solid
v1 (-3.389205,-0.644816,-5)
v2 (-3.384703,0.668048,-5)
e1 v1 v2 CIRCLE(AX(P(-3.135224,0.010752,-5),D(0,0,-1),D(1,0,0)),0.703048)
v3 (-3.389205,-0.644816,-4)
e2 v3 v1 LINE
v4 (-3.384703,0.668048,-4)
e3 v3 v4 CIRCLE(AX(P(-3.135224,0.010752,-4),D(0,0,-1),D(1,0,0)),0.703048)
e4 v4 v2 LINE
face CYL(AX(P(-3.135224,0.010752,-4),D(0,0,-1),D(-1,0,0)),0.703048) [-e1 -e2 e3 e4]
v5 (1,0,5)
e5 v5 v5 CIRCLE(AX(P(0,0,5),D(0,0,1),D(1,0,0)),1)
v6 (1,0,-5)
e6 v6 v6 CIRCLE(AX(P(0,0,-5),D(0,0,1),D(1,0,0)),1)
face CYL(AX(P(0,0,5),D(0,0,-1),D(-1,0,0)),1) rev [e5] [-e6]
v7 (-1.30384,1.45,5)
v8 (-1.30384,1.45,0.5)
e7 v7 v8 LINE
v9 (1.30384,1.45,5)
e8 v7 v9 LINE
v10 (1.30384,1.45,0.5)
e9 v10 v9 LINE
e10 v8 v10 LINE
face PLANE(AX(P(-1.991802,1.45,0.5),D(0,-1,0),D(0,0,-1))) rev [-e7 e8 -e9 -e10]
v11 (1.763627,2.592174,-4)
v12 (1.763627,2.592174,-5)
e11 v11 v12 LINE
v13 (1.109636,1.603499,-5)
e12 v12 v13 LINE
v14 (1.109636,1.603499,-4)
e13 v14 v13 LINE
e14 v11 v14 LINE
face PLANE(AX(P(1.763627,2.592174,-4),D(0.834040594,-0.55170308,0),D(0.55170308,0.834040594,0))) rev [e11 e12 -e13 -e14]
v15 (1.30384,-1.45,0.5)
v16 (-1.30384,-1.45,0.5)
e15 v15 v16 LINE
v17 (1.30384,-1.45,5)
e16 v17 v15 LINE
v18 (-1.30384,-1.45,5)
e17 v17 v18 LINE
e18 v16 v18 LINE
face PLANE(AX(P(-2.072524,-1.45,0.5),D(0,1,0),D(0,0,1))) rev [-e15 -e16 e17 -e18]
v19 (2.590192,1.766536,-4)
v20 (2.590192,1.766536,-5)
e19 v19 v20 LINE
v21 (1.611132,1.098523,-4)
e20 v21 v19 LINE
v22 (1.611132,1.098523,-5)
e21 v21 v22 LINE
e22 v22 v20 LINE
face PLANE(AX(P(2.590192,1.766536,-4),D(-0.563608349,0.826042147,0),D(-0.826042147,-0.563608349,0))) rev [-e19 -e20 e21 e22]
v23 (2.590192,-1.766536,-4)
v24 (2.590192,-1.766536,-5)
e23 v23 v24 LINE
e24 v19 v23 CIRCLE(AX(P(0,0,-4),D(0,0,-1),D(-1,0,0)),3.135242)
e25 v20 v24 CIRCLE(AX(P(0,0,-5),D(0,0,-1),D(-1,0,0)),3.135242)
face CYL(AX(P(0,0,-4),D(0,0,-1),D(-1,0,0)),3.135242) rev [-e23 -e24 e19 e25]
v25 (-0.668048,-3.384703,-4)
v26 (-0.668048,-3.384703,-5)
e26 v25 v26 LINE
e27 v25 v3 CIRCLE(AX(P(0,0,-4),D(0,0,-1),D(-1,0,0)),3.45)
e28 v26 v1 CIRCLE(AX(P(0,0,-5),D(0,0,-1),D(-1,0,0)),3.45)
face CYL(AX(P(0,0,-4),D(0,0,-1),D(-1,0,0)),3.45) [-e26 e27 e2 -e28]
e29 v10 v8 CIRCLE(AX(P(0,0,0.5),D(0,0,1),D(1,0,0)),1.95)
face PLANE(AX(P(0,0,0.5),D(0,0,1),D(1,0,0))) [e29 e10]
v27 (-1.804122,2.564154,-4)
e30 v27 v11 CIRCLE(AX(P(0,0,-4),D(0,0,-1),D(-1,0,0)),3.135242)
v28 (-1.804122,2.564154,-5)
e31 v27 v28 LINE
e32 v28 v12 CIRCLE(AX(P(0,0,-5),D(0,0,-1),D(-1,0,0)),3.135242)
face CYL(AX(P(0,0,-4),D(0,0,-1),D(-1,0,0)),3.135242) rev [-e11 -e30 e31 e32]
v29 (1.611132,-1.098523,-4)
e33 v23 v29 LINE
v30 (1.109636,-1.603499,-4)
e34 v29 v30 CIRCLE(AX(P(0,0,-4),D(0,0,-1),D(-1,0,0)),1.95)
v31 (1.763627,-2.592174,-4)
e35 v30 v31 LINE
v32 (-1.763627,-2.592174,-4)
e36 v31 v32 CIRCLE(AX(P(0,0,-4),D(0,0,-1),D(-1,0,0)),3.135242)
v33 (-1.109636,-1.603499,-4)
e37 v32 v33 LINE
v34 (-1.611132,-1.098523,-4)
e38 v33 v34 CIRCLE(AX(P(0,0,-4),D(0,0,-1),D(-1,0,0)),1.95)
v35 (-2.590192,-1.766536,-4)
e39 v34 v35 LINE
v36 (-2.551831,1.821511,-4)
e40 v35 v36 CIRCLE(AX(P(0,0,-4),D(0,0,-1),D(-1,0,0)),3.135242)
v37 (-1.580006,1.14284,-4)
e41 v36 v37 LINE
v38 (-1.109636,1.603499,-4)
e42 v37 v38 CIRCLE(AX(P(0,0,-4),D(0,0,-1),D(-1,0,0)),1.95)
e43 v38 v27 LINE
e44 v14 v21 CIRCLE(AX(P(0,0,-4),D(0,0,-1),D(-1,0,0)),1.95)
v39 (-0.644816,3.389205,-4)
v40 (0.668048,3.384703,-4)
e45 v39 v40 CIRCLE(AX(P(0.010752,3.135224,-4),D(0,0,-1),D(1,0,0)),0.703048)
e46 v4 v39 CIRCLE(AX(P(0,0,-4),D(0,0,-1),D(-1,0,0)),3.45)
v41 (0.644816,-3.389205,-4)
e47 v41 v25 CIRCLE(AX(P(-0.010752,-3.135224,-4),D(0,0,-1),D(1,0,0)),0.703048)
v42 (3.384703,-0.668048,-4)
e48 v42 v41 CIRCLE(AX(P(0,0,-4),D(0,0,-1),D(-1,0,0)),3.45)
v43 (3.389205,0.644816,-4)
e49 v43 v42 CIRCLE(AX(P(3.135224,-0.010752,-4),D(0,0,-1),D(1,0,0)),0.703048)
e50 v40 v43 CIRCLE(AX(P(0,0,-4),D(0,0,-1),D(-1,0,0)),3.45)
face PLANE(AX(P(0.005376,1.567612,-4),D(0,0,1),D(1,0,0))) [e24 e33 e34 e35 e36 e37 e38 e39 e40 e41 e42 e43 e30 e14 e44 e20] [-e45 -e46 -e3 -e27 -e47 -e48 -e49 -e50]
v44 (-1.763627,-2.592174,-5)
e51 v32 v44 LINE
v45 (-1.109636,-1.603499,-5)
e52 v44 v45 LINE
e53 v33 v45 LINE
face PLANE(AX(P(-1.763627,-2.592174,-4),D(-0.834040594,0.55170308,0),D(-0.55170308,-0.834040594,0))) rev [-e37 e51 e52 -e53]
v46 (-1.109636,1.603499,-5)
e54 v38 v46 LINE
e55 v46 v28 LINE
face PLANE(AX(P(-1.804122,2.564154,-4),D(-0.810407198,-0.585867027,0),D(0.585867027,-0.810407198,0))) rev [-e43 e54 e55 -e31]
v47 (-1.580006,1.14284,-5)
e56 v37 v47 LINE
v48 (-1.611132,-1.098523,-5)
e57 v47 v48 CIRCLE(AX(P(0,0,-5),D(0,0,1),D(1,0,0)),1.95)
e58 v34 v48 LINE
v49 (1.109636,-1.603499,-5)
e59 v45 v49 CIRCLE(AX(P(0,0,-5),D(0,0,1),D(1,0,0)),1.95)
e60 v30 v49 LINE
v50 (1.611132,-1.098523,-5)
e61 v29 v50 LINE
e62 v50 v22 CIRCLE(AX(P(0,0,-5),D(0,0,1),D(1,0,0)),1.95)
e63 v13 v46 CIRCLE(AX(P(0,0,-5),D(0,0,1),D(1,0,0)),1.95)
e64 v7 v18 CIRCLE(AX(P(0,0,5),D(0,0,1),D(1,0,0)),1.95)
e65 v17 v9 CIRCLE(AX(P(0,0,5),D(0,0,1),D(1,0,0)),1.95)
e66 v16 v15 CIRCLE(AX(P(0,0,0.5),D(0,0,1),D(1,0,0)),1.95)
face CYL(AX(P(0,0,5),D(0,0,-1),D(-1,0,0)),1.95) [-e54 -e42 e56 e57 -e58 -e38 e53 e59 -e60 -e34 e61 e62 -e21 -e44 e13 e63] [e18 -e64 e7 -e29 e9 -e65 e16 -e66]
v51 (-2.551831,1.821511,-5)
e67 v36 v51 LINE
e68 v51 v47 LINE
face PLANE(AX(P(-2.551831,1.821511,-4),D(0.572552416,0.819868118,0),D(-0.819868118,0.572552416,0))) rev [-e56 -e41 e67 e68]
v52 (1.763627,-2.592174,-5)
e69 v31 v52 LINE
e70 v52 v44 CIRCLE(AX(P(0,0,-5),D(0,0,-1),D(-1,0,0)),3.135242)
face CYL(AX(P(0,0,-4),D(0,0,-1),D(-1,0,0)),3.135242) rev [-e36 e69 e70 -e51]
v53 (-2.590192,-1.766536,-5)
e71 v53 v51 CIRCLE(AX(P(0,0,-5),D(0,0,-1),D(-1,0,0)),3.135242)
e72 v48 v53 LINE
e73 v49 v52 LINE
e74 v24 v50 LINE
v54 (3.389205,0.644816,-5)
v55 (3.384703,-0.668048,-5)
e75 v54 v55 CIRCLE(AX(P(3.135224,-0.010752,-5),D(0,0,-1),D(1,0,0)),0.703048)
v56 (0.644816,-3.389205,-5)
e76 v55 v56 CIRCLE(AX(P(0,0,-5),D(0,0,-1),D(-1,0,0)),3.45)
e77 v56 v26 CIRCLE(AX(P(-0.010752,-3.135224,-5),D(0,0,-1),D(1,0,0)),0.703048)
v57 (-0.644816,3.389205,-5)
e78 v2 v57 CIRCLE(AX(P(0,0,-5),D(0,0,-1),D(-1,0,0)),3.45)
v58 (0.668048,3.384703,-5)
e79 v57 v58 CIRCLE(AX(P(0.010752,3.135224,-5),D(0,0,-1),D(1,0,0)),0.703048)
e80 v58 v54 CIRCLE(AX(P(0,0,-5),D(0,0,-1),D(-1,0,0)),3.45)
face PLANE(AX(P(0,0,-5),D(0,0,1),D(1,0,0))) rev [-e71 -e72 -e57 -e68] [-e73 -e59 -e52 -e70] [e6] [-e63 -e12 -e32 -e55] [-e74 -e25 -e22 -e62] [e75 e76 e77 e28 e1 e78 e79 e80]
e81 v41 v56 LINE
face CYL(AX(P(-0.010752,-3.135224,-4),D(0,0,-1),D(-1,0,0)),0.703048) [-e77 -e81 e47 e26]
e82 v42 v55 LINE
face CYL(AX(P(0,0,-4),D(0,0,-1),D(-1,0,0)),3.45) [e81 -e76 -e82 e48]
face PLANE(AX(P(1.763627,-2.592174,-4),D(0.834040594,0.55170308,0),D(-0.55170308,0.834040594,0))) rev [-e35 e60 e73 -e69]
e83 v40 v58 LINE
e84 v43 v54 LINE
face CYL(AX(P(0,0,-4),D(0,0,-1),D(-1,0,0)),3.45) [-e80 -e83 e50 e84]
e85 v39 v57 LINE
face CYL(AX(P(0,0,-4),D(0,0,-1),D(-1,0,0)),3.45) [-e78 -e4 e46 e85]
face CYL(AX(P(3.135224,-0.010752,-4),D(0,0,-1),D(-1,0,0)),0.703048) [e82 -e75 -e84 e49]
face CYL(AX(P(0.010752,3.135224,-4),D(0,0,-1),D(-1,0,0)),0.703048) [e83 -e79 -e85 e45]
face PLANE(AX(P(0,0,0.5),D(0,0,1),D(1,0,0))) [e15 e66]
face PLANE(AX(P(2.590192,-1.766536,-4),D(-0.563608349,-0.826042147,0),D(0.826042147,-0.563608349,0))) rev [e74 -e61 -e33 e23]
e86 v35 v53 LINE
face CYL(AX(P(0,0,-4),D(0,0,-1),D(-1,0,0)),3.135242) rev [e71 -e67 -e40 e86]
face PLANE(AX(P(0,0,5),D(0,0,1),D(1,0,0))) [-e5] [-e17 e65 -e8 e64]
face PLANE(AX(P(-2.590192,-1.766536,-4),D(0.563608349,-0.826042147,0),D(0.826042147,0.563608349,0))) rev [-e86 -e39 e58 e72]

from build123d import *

# Parameters (mm, degrees)
SKETCH_1_R          = 1.95
SKETCH_1_R_2        = 1
EXTRUDE_1_DEPTH     = 5
EXTRUDE_3_DEPTH     = 1
SKETCH_5_W          = 3.686325021
SKETCH_5_H          = 0.905885224
SKETCH_5_W_2        = 4.457672836
SKETCH_5_H_2        = 1.506818987
CUT_EXTRUDE_4_DEPTH = 4.5


with BuildPart() as part:
    # 草图1 → 凸台-拉伸1 (new body, symmetric)
    with BuildSketch(Plane.XY):
        Circle(SKETCH_1_R)
        Circle(SKETCH_1_R_2, mode=Mode.SUBTRACT)
    extrude(amount=EXTRUDE_1_DEPTH, both=True)

    # 草图3 → 凸台-拉伸3 (add)
    with BuildSketch(Plane(origin=(0, 0, -5), x_dir=(-1, 0, 0), z_dir=(0, 0, -1))):
        with BuildLine():
            ThreePointArc((-0.668047872, 3.384702652), (-2.447870462, 2.431137635), (-3.389205192, 0.644816382))
            ThreePointArc((-3.389205192, 0.644816382), (-3.838268125, -0.013163552), (-3.384702652, -0.668047872))
            ThreePointArc((-3.384702652, -0.668047872), (-2.431137635, -2.447870462), (-0.644816382, -3.389205192))
            ThreePointArc((-0.644816382, -3.389205192), (0.013163552, -3.838268125), (0.668047872, -3.384702652))
            ThreePointArc((0.668047872, -3.384702652), (2.447870462, -2.431137635), (3.389205192, -0.644816382))
            ThreePointArc((3.389205192, -0.644816382), (3.838268125, 0.013163552), (3.384702652, 0.668047872))
            ThreePointArc((3.384702652, 0.668047872), (2.431137635, 2.447870462), (0.644816382, 3.389205192))
            ThreePointArc((0.644816382, 3.389205192), (-0.013163552, 3.838268125), (-0.668047872, 3.384702652))
        make_face()
        with BuildLine():
            Line((2.551831088, 1.821511161), (1.580005505, 1.142839711))
            ThreePointArc((1.580005505, 1.142839711), (1.364402664, 1.393163799), (1.109636091, 1.603498596))
            Line((1.109636091, 1.603498596), (1.804122226, 2.564154403))
            ThreePointArc((1.804122226, 2.564154403), (0.024621795, 3.135145702), (-1.763627121, 2.592173641))
            Line((-1.763627121, 2.592173641), (-1.109636091, 1.603498596))
            ThreePointArc((-1.109636091, 1.603498596), (-1.383616658, 1.374083311), (-1.611132184, 1.098523138))
            Line((-1.611132184, 1.098523138), (-2.590192379, 1.766535663))
            ThreePointArc((-2.590192379, 1.766535663), (-3.135242384, 0), (-2.590192379, -1.766535663))
            Line((-2.590192379, -1.766535663), (-1.611132184, -1.098523138))
            ThreePointArc((-1.611132184, -1.098523138), (-1.383616658, -1.374083311), (-1.109636091, -1.603498596))
            Line((-1.109636091, -1.603498596), (-1.763627121, -2.592173641))
            ThreePointArc((-1.763627121, -2.592173641), (0, -3.135242384), (1.763627121, -2.592173641))
            Line((1.763627121, -2.592173641), (1.109636091, -1.603498596))
            ThreePointArc((1.109636091, -1.603498596), (1.383616658, -1.374083311), (1.611132184, -1.098523138))
            Line((1.611132184, -1.098523138), (2.590192379, -1.766535663))
            ThreePointArc((2.590192379, -1.766535663), (3.135063211, 0.033518256), (2.551831088, 1.821511161))
        make_face(mode=Mode.SUBTRACT)
    extrude(amount=-EXTRUDE_3_DEPTH)

    # 草图5 → 切除-拉伸4 (cut)
    with BuildSketch(Plane.XY.offset(5)):
        with Locations((-0.148639524, 1.902942612)):
            Rectangle(SKETCH_5_W, SKETCH_5_H)
        with Locations((0.156311938, -2.203409494)):
            Rectangle(SKETCH_5_W_2, SKETCH_5_H_2)
    extrude(amount=-CUT_EXTRUDE_4_DEPTH, mode=Mode.SUBTRACT)


solid = part.part
